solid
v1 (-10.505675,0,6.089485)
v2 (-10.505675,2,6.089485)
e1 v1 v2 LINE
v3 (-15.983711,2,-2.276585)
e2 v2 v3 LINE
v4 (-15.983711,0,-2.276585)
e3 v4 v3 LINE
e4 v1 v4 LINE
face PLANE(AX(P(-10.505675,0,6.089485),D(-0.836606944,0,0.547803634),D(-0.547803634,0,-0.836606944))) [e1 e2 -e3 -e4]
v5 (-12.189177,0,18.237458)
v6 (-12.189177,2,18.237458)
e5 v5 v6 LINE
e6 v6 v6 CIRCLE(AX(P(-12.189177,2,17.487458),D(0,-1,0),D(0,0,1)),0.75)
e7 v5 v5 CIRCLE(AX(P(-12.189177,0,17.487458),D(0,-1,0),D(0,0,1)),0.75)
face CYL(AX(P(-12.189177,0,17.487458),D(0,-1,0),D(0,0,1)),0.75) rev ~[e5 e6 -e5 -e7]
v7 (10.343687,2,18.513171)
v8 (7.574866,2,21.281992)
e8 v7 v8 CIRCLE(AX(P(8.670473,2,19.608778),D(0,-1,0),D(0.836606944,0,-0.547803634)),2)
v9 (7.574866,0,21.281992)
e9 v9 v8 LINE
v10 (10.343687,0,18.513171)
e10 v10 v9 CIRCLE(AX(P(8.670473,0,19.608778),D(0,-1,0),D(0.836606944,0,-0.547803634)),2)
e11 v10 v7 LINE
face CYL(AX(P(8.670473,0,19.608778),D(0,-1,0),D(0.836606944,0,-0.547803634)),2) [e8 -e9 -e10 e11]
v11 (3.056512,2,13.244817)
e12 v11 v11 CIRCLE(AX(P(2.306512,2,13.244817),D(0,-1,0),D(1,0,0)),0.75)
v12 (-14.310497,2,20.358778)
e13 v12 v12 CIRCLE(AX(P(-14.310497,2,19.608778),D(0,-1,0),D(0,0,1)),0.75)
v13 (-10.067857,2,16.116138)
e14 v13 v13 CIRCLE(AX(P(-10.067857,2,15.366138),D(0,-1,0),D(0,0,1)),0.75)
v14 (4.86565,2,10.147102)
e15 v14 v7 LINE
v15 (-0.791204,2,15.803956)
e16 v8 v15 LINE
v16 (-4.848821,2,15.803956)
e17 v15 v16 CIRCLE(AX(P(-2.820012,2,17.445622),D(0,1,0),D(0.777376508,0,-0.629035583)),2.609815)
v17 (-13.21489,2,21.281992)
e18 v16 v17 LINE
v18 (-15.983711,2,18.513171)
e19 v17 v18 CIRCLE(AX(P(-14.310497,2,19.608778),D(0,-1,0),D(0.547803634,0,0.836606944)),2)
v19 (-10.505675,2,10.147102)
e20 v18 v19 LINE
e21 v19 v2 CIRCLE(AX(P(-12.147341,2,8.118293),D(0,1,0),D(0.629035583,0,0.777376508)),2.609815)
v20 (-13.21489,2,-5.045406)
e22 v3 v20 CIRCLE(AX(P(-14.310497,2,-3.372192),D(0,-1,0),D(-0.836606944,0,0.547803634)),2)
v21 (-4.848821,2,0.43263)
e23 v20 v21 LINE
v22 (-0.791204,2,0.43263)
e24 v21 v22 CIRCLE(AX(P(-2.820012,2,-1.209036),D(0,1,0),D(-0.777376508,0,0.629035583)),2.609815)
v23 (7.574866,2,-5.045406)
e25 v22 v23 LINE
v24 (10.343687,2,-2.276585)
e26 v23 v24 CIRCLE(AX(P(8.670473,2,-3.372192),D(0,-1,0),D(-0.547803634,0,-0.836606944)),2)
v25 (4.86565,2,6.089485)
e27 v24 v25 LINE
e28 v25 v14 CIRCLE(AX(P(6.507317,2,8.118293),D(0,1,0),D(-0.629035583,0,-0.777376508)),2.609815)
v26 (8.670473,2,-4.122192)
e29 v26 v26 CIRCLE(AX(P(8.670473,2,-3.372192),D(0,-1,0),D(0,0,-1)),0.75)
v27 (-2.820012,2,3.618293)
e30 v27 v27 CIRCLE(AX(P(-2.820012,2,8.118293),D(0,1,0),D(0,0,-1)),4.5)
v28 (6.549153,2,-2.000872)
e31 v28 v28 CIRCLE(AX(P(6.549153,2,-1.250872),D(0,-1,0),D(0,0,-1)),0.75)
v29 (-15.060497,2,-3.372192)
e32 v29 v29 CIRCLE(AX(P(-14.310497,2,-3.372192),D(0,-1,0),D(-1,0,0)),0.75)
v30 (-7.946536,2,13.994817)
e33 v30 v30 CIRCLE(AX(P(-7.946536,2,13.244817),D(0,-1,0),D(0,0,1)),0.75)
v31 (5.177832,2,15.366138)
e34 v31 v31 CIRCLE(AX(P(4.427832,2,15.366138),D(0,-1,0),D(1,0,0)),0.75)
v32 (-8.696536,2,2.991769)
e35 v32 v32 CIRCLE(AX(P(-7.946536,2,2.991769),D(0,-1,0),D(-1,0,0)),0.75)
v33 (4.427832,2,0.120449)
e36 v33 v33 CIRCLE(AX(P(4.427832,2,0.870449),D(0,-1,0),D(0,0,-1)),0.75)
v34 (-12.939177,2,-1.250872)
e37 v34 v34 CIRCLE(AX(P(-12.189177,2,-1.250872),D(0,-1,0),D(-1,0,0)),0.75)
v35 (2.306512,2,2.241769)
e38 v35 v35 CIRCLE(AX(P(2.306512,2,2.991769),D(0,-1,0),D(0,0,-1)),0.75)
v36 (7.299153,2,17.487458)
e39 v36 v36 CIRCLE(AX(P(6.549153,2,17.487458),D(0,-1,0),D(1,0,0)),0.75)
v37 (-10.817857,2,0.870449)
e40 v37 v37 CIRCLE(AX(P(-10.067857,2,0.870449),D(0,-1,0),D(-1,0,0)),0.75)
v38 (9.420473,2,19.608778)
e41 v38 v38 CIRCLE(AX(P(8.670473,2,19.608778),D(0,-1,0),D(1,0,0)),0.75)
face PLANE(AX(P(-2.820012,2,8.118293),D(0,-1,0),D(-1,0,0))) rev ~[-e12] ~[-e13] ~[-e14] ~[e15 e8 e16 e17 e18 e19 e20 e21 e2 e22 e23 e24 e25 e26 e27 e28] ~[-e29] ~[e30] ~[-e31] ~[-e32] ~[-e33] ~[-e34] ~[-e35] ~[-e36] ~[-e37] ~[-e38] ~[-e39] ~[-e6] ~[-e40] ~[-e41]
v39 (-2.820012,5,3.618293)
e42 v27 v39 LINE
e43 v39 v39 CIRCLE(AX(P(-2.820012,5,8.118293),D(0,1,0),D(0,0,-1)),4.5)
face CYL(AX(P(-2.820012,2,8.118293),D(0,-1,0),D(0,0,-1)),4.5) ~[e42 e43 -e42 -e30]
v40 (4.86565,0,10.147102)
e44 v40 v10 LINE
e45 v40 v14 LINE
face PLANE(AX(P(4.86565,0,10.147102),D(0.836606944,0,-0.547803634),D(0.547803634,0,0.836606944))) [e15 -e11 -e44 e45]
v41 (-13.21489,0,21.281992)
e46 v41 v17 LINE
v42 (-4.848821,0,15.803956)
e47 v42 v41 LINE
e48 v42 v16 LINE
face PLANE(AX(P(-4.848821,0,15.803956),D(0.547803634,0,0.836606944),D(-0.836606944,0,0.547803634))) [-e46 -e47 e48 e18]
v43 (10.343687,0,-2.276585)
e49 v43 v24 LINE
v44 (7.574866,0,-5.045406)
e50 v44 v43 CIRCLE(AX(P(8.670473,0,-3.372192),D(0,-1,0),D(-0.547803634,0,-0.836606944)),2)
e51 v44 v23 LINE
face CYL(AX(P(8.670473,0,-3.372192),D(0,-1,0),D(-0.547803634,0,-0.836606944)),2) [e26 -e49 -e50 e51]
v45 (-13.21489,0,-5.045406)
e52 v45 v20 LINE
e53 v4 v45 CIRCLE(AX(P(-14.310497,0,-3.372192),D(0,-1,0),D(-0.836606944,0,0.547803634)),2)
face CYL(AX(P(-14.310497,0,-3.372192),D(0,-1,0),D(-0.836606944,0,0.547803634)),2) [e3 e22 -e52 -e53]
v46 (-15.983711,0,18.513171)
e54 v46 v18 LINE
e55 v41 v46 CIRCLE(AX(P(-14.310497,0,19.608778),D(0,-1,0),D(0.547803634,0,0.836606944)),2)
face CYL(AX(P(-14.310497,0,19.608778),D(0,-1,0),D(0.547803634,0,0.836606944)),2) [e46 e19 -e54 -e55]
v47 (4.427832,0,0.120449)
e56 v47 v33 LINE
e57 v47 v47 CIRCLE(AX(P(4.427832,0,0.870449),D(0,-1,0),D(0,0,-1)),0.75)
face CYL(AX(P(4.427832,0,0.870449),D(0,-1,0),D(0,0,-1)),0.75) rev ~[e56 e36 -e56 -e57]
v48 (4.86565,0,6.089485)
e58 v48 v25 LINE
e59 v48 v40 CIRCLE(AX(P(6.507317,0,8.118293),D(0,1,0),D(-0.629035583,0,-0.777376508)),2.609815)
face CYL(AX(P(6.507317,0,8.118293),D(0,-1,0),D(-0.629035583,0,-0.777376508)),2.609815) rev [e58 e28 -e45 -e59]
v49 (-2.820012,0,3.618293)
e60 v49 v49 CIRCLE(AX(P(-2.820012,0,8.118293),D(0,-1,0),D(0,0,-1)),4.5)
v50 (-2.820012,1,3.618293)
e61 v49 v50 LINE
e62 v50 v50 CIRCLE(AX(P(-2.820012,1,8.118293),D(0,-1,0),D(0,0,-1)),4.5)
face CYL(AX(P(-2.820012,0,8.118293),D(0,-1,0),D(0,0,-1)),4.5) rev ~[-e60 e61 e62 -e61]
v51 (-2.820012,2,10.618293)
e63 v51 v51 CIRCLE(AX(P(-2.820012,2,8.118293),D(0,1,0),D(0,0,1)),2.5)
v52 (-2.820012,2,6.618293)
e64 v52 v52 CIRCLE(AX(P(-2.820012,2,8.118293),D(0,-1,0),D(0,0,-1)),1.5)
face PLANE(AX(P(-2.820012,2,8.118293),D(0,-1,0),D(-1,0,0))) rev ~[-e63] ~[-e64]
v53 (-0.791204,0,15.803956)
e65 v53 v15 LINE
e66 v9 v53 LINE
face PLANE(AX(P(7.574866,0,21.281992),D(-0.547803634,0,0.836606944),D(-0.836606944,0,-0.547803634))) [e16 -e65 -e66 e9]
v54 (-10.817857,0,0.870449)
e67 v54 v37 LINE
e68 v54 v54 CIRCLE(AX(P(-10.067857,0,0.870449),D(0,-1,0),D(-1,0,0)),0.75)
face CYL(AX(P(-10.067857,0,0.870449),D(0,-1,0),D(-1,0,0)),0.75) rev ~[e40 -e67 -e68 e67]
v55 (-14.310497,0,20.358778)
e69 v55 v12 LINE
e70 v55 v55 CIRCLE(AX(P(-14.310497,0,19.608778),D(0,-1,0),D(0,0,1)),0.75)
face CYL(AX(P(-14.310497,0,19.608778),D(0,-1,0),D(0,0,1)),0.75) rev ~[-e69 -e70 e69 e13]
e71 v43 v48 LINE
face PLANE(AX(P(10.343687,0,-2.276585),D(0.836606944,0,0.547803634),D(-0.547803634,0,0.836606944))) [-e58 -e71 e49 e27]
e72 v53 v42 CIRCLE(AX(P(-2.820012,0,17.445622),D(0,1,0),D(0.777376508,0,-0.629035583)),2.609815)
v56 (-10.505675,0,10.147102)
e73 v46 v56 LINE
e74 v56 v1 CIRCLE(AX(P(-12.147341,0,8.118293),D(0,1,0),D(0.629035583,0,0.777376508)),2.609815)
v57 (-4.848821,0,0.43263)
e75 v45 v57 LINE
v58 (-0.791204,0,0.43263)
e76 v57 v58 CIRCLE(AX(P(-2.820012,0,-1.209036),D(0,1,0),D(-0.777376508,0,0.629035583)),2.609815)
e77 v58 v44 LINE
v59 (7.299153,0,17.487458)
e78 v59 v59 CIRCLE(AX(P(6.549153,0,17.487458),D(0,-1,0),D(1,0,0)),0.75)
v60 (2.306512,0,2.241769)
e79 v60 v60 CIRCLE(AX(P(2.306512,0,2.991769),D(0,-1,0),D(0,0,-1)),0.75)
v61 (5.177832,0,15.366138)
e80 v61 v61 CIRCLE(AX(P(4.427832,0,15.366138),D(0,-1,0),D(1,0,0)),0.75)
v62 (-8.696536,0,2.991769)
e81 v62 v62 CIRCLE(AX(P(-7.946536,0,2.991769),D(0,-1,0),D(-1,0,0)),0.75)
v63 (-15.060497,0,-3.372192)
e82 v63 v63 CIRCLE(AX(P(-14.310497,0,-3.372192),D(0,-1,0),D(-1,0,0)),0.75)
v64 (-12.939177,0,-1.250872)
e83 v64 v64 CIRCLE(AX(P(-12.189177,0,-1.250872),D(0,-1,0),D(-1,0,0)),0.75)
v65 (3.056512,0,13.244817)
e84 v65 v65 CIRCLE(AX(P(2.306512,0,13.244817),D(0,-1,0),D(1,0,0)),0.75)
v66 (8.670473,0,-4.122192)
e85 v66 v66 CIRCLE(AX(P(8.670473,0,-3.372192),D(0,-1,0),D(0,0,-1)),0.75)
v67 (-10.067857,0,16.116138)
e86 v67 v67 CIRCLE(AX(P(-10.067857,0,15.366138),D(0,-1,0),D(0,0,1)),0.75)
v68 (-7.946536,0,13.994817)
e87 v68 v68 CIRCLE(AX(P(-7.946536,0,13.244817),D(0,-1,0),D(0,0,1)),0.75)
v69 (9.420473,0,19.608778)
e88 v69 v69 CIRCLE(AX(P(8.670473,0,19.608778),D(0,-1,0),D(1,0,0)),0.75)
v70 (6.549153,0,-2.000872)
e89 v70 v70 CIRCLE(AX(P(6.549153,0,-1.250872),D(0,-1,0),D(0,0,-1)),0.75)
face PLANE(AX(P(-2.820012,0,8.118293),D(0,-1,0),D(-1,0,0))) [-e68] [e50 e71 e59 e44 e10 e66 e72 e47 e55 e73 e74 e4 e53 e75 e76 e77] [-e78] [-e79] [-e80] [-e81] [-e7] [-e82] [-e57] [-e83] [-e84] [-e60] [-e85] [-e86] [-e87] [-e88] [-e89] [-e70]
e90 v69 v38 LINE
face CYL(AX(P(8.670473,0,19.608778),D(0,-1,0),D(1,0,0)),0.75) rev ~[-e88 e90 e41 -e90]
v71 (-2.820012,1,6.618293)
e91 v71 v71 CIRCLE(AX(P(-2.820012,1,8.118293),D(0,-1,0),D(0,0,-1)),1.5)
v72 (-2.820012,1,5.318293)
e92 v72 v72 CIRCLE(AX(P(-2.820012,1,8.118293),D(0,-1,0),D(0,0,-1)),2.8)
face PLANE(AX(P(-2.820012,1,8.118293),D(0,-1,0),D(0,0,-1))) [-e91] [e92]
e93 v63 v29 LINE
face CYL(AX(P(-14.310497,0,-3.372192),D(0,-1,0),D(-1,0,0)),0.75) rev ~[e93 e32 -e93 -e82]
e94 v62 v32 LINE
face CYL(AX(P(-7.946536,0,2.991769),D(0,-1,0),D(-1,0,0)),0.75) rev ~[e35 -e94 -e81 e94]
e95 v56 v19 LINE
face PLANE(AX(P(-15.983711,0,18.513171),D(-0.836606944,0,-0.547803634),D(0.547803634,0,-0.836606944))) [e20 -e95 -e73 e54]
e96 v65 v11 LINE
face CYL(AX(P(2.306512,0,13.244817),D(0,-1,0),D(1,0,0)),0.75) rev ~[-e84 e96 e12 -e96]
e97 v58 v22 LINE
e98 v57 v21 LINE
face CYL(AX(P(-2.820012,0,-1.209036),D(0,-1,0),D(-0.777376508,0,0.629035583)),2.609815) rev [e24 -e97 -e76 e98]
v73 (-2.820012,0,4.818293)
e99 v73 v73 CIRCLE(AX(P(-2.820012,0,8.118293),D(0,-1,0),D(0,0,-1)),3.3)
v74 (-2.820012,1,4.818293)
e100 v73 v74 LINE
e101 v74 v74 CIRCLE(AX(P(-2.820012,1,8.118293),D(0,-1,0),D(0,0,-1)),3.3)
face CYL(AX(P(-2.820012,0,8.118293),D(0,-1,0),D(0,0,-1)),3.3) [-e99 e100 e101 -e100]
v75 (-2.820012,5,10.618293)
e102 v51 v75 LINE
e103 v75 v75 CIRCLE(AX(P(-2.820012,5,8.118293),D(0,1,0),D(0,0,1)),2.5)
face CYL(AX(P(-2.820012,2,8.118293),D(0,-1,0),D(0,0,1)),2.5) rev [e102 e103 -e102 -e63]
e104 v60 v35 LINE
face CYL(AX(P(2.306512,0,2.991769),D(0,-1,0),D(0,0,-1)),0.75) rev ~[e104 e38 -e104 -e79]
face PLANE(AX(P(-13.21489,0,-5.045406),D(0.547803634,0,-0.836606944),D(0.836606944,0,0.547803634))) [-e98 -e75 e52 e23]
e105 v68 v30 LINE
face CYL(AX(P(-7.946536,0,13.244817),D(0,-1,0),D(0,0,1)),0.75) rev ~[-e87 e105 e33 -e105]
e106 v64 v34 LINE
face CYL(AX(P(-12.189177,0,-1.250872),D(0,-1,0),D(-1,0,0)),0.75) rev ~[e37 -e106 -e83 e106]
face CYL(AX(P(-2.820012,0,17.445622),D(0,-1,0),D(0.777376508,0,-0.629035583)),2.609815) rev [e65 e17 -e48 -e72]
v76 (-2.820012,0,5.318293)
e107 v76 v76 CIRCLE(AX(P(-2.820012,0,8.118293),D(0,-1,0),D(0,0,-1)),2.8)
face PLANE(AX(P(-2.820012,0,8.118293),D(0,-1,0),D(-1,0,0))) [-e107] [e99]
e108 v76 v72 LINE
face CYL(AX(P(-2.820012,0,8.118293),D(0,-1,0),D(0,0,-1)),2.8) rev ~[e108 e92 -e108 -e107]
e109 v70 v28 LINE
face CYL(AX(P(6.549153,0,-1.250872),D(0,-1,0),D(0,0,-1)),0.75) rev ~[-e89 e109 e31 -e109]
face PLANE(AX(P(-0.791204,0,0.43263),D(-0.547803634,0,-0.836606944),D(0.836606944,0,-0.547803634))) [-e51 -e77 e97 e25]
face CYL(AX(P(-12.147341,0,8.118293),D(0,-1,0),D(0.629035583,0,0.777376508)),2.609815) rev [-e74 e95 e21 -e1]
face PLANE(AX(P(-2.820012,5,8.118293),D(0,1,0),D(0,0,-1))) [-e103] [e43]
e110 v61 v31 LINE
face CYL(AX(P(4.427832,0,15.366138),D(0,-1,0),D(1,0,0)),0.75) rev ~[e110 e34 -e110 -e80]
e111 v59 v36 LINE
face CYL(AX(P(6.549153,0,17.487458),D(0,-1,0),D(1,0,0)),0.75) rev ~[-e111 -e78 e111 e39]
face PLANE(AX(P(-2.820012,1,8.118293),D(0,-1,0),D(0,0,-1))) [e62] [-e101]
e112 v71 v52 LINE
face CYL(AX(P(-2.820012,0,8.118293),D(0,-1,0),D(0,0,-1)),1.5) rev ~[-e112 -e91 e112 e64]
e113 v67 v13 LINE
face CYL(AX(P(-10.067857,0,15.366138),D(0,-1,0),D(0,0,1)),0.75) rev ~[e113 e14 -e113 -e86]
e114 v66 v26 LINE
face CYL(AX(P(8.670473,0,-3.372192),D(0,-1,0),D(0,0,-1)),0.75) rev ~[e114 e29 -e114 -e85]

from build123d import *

# Parameters (mm, degrees)
BOSS_EXTRUDE1_DEPTH         = 2
SKETCH5_R                   = 4.5
SKETCH5_R_2                 = 2.5
BOSS_EXTRUDE2_DEPTH         = 3
SKETCH8_R                   = 1.5
CUT_EXTRUDE2_DEPTH          = 28.531284582
CUT_EXTRUDE3_REACH          = 29.531
SKETCH10_R                  = 0.75
LPATTERN1_COUNT             = 4
LPATTERN1_PITCH             = 3
CIRPATTERN1_COUNT           = 4
CIRPATTERN1_COPY_1_REACH    = 29.531
CIRPATTERN1_COPY_1_SKETCH_R = 0.75
CIRPATTERN1_COPY_2_REACH    = 29.531
CIRPATTERN1_COPY_2_SKETCH_R = 0.75
CIRPATTERN1_COPY_3_REACH    = 29.531
CIRPATTERN1_COPY_3_SKETCH_R = 0.75
CIRPATTERN1_COPY_4_REACH    = 29.531
CIRPATTERN1_COPY_4_SKETCH_R = 0.75
CIRPATTERN1_COPY_5_REACH    = 29.531
CIRPATTERN1_COPY_5_SKETCH_R = 0.75
CIRPATTERN1_COPY_6_REACH    = 29.531
CIRPATTERN1_COPY_6_SKETCH_R = 0.75
CIRPATTERN1_COPY_7_REACH    = 29.531
CIRPATTERN1_COPY_7_SKETCH_R = 0.75
CIRPATTERN1_COPY_8_REACH    = 29.531
CIRPATTERN1_COPY_8_SKETCH_R = 0.75
CIRPATTERN1_COPY_9_REACH    = 29.531
CIRPATTERN1_COPY_9_SKETCH_R = 0.75
SKETCH9_R                   = 4.5
SKETCH9_R_2                 = 3.3
SKETCH9_R_3                 = 2.8
SKETCH9_R_4                 = 1.5
CUT_EXTRUDE4_DEPTH          = 1


with BuildPart() as part:
    # Sketch1 → Boss-Extrude1 (new body)
    with BuildSketch(Plane(origin=(0, 0, 0), x_dir=(1, 0, 0), z_dir=(0, 1, 0))):
        with BuildLine():
            Line((10.343686836, 2.276584719), (4.865650492, -6.089484718))
            ThreePointArc((4.865650492, -6.089484718), (3.897502175, -8.118293207), (4.865650492, -10.147101696))
            Line((4.865650492, -10.147101696), (10.343686836, -18.513171133))
            ThreePointArc((10.343686836, -18.513171133), (10.084686511, -21.022991964), (7.57486568, -21.281992289))
            Line((7.57486568, -21.281992289), (-0.791203757, -15.803955945))
            ThreePointArc((-0.791203757, -15.803955945), (-2.820012246, -14.835807628), (-4.848820735, -15.803955945))
            Line((-4.848820735, -15.803955945), (-13.214890172, -21.281992289))
            ThreePointArc((-13.214890172, -21.281992289), (-15.724711003, -21.022991964), (-15.983711328, -18.513171133))
            Line((-15.983711328, -18.513171133), (-10.505674984, -10.147101696))
            ThreePointArc((-10.505674984, -10.147101696), (-9.537526667, -8.118293207), (-10.505674984, -6.089484718))
            Line((-10.505674984, -6.089484718), (-15.983711328, 2.276584719))
            ThreePointArc((-15.983711328, 2.276584719), (-15.724711003, 4.78640555), (-13.214890172, 5.045405875))
            Line((-13.214890172, 5.045405875), (-4.848820735, -0.432630469))
            ThreePointArc((-4.848820735, -0.432630469), (-2.820012246, -1.400778786), (-0.791203757, -0.432630469))
            Line((-0.791203757, -0.432630469), (7.57486568, 5.045405875))
            ThreePointArc((7.57486568, 5.045405875), (10.084686511, 4.78640555), (10.343686836, 2.276584719))
        make_face()
    extrude(amount=BOSS_EXTRUDE1_DEPTH)

    # Sketch5 → Boss-Extrude2 (add)
    with BuildSketch(Plane(origin=(0, 2, 0), x_dir=(1, 0, 0), z_dir=(0, 1, 0))):
        with Locations(Location((-2.820012246, -8.118293207, 0), (0, 0, 90))):
            Circle(SKETCH5_R)
        with Locations(Location((-2.820012246, -8.118293207, 0), (0, 0, 270))):
            Circle(SKETCH5_R_2, mode=Mode.SUBTRACT)
    extrude(amount=BOSS_EXTRUDE2_DEPTH)

    # Sketch8 → Cut-Extrude2 (cut, through all)
    with BuildSketch(Plane.XZ):
        with Locations(Location((-2.820012246, 8.118293207, 0), (0, 0, 270))):
            Circle(SKETCH8_R)
    extrude(amount=-CUT_EXTRUDE2_DEPTH, mode=Mode.SUBTRACT)

    # Sketch10 → Cut-Extrude3 (cut, up to next)
    with BuildSketch(Plane.XZ, mode=Mode.PRIVATE) as cut_extrude3_sk1:
        with Locations(Location((8.670472948, -3.372191987, 0), (0, 0, 270))):
            Circle(SKETCH10_R)
    cut_extrude3_tool1 = extrude(cut_extrude3_sk1.sketch, amount=-CUT_EXTRUDE3_REACH, mode=Mode.PRIVATE) & part.part
    cut_extrude3 = cut_extrude3_tool1.solids().sort_by_distance((8.670473, 0, -3.372192))[0]
    add(cut_extrude3, mode=Mode.SUBTRACT)

    # LPattern1: Cut-Extrude3 ×4
    with Locations(*[Vector(-0.7071067811865462, 0, 0.7071067811865489) * (i * LPATTERN1_PITCH) for i in range(1, LPATTERN1_COUNT)]):
        add(cut_extrude3, mode=Mode.SUBTRACT)

    # CirPattern1: Cut-Extrude3 ×4 about axis
    cirpattern1_axis = Axis((-2.820012246, 0, 8.118293207), (0, 1, 0))
    for i in range(1, CIRPATTERN1_COUNT):
        add(cut_extrude3.rotate(cirpattern1_axis, i * 360 / CIRPATTERN1_COUNT), mode=Mode.SUBTRACT)

    # CirPattern1 copy 1 sketch → CirPattern1 copy 1 (cut, up to next)
    with BuildSketch(Plane(origin=(-8.81698511, 0, 7.419601305), x_dir=(0, 0, -1), z_dir=(0, -1, 0)), mode=Mode.PRIVATE) as cirpattern1_copy_1_sk1:
        with Locations(Location((8.670472948, -3.372191987, 0), (0, 0, 270))):
            Circle(CIRPATTERN1_COPY_1_SKETCH_R)
    cirpattern1_copy_1_tool1 = extrude(cirpattern1_copy_1_sk1.sketch, amount=-CIRPATTERN1_COPY_1_REACH, mode=Mode.PRIVATE) & part.part
    add(cirpattern1_copy_1_tool1.solids().sort_by_distance((-12.18917711, 0, -1.250871695))[0], mode=Mode.SUBTRACT)

    # CirPattern1 copy 2 sketch → CirPattern1 copy 2 (cut, up to next)
    with BuildSketch(Plane(origin=(-3.518704148, 0, 14.115266071), x_dir=(-1, 0, 0), z_dir=(0, -1, 0)), mode=Mode.PRIVATE) as cirpattern1_copy_2_sk1:
        with Locations(Location((8.670472948, -3.372191987, 0), (0, 0, 270))):
            Circle(CIRPATTERN1_COPY_2_SKETCH_R)
    cirpattern1_copy_2_tool1 = extrude(cirpattern1_copy_2_sk1.sketch, amount=-CIRPATTERN1_COPY_2_REACH, mode=Mode.PRIVATE) & part.part
    add(cirpattern1_copy_2_tool1.solids().sort_by_distance((-12.189177148, 0, 17.487458071))[0], mode=Mode.SUBTRACT)

    # CirPattern1 copy 3 sketch → CirPattern1 copy 3 (cut, up to next)
    with BuildSketch(Plane(origin=(3.176960618, 0, 8.81698511), x_dir=(0, 0, 1), z_dir=(0, -1, 0)), mode=Mode.PRIVATE) as cirpattern1_copy_3_sk1:
        with Locations(Location((8.670472948, -3.372191987, 0), (0, 0, 270))):
            Circle(CIRPATTERN1_COPY_3_SKETCH_R)
    cirpattern1_copy_3_tool1 = extrude(cirpattern1_copy_3_sk1.sketch, amount=-CIRPATTERN1_COPY_3_REACH, mode=Mode.PRIVATE) & part.part
    add(cirpattern1_copy_3_tool1.solids().sort_by_distance((6.549152618, 0, 17.48745811))[0], mode=Mode.SUBTRACT)

    # CirPattern1 copy 4 sketch → CirPattern1 copy 4 (cut, up to next)
    with BuildSketch(Plane(origin=(-6.695664766, 0, 9.540921648), x_dir=(0, 0, -1), z_dir=(0, -1, 0)), mode=Mode.PRIVATE) as cirpattern1_copy_4_sk1:
        with Locations(Location((8.670472948, -3.372191987, 0), (0, 0, 270))):
            Circle(CIRPATTERN1_COPY_4_SKETCH_R)
    cirpattern1_copy_4_tool1 = extrude(cirpattern1_copy_4_sk1.sketch, amount=-CIRPATTERN1_COPY_4_REACH, mode=Mode.PRIVATE) & part.part
    add(cirpattern1_copy_4_tool1.solids().sort_by_distance((-10.067856766, 0, 0.870448648))[0], mode=Mode.SUBTRACT)

    # CirPattern1 copy 5 sketch → CirPattern1 copy 5 (cut, up to next)
    with BuildSketch(Plane(origin=(-1.397383805, 0, 11.993945727), x_dir=(-1, 0, 0), z_dir=(0, -1, 0)), mode=Mode.PRIVATE) as cirpattern1_copy_5_sk1:
        with Locations(Location((8.670472948, -3.372191987, 0), (0, 0, 270))):
            Circle(CIRPATTERN1_COPY_5_SKETCH_R)
    cirpattern1_copy_5_tool1 = extrude(cirpattern1_copy_5_sk1.sketch, amount=-CIRPATTERN1_COPY_5_REACH, mode=Mode.PRIVATE) & part.part
    add(cirpattern1_copy_5_tool1.solids().sort_by_distance((-10.067856805, 0, 15.366137727))[0], mode=Mode.SUBTRACT)

    # CirPattern1 copy 6 sketch → CirPattern1 copy 6 (cut, up to next)
    with BuildSketch(Plane(origin=(1.055640274, 0, 6.695664766), x_dir=(0, 0, 1), z_dir=(0, -1, 0)), mode=Mode.PRIVATE) as cirpattern1_copy_6_sk1:
        with Locations(Location((8.670472948, -3.372191987, 0), (0, 0, 270))):
            Circle(CIRPATTERN1_COPY_6_SKETCH_R)
    cirpattern1_copy_6_tool1 = extrude(cirpattern1_copy_6_sk1.sketch, amount=-CIRPATTERN1_COPY_6_REACH, mode=Mode.PRIVATE) & part.part
    add(cirpattern1_copy_6_tool1.solids().sort_by_distance((4.427832274, 0, 15.366137766))[0], mode=Mode.SUBTRACT)

    # CirPattern1 copy 7 sketch → CirPattern1 copy 7 (cut, up to next)
    with BuildSketch(Plane(origin=(-4.574344422, 0, 11.662241992), x_dir=(0, 0, -1), z_dir=(0, -1, 0)), mode=Mode.PRIVATE) as cirpattern1_copy_7_sk1:
        with Locations(Location((8.670472948, -3.372191987, 0), (0, 0, 270))):
            Circle(CIRPATTERN1_COPY_7_SKETCH_R)
    cirpattern1_copy_7_tool1 = extrude(cirpattern1_copy_7_sk1.sketch, amount=-CIRPATTERN1_COPY_7_REACH, mode=Mode.PRIVATE) & part.part
    add(cirpattern1_copy_7_tool1.solids().sort_by_distance((-7.946536422, 0, 2.991768992))[0], mode=Mode.SUBTRACT)

    # CirPattern1 copy 8 sketch → CirPattern1 copy 8 (cut, up to next)
    with BuildSketch(Plane(origin=(0.723936539, 0, 9.872625384), x_dir=(-1, 0, 0), z_dir=(0, -1, 0)), mode=Mode.PRIVATE) as cirpattern1_copy_8_sk1:
        with Locations(Location((8.670472948, -3.372191987, 0), (0, 0, 270))):
            Circle(CIRPATTERN1_COPY_8_SKETCH_R)
    cirpattern1_copy_8_tool1 = extrude(cirpattern1_copy_8_sk1.sketch, amount=-CIRPATTERN1_COPY_8_REACH, mode=Mode.PRIVATE) & part.part
    add(cirpattern1_copy_8_tool1.solids().sort_by_distance((-7.946536461, 0, 13.244817384))[0], mode=Mode.SUBTRACT)

    # CirPattern1 copy 9 sketch → CirPattern1 copy 9 (cut, up to next)
    with BuildSketch(Plane(origin=(-1.06568007, 0, 4.574344422), x_dir=(0, 0, 1), z_dir=(0, -1, 0)), mode=Mode.PRIVATE) as cirpattern1_copy_9_sk1:
        with Locations(Location((8.670472948, -3.372191987, 0), (0, 0, 270))):
            Circle(CIRPATTERN1_COPY_9_SKETCH_R)
    cirpattern1_copy_9_tool1 = extrude(cirpattern1_copy_9_sk1.sketch, amount=-CIRPATTERN1_COPY_9_REACH, mode=Mode.PRIVATE) & part.part
    add(cirpattern1_copy_9_tool1.solids().sort_by_distance((2.30651193, 0, 13.244817422))[0], mode=Mode.SUBTRACT)

    # Sketch9 → Cut-Extrude4 (cut)
    # profile 1 of 2: a face of its own
    with BuildSketch(Plane.XZ):
        with Locations(Location((-2.820012246, 8.118293207, 0), (0, 0, 270))):
            Circle(SKETCH9_R)
        with Locations(Location((-2.820012246, 8.118293207, 0), (0, 0, 270))):
            Circle(SKETCH9_R_2, mode=Mode.SUBTRACT)
    # profile 2 of 2: a face of its own
    with BuildSketch(Plane.XZ):
        with Locations(Location((-2.820012246, 8.118293207, 0), (0, 0, 270))):
            Circle(SKETCH9_R_3)
        with Locations(Location((-2.820012246, 8.118293207, 0), (0, 0, 270))):
            Circle(SKETCH9_R_4, mode=Mode.SUBTRACT)
    extrude(amount=-CUT_EXTRUDE4_DEPTH, mode=Mode.SUBTRACT)


solid = part.part
